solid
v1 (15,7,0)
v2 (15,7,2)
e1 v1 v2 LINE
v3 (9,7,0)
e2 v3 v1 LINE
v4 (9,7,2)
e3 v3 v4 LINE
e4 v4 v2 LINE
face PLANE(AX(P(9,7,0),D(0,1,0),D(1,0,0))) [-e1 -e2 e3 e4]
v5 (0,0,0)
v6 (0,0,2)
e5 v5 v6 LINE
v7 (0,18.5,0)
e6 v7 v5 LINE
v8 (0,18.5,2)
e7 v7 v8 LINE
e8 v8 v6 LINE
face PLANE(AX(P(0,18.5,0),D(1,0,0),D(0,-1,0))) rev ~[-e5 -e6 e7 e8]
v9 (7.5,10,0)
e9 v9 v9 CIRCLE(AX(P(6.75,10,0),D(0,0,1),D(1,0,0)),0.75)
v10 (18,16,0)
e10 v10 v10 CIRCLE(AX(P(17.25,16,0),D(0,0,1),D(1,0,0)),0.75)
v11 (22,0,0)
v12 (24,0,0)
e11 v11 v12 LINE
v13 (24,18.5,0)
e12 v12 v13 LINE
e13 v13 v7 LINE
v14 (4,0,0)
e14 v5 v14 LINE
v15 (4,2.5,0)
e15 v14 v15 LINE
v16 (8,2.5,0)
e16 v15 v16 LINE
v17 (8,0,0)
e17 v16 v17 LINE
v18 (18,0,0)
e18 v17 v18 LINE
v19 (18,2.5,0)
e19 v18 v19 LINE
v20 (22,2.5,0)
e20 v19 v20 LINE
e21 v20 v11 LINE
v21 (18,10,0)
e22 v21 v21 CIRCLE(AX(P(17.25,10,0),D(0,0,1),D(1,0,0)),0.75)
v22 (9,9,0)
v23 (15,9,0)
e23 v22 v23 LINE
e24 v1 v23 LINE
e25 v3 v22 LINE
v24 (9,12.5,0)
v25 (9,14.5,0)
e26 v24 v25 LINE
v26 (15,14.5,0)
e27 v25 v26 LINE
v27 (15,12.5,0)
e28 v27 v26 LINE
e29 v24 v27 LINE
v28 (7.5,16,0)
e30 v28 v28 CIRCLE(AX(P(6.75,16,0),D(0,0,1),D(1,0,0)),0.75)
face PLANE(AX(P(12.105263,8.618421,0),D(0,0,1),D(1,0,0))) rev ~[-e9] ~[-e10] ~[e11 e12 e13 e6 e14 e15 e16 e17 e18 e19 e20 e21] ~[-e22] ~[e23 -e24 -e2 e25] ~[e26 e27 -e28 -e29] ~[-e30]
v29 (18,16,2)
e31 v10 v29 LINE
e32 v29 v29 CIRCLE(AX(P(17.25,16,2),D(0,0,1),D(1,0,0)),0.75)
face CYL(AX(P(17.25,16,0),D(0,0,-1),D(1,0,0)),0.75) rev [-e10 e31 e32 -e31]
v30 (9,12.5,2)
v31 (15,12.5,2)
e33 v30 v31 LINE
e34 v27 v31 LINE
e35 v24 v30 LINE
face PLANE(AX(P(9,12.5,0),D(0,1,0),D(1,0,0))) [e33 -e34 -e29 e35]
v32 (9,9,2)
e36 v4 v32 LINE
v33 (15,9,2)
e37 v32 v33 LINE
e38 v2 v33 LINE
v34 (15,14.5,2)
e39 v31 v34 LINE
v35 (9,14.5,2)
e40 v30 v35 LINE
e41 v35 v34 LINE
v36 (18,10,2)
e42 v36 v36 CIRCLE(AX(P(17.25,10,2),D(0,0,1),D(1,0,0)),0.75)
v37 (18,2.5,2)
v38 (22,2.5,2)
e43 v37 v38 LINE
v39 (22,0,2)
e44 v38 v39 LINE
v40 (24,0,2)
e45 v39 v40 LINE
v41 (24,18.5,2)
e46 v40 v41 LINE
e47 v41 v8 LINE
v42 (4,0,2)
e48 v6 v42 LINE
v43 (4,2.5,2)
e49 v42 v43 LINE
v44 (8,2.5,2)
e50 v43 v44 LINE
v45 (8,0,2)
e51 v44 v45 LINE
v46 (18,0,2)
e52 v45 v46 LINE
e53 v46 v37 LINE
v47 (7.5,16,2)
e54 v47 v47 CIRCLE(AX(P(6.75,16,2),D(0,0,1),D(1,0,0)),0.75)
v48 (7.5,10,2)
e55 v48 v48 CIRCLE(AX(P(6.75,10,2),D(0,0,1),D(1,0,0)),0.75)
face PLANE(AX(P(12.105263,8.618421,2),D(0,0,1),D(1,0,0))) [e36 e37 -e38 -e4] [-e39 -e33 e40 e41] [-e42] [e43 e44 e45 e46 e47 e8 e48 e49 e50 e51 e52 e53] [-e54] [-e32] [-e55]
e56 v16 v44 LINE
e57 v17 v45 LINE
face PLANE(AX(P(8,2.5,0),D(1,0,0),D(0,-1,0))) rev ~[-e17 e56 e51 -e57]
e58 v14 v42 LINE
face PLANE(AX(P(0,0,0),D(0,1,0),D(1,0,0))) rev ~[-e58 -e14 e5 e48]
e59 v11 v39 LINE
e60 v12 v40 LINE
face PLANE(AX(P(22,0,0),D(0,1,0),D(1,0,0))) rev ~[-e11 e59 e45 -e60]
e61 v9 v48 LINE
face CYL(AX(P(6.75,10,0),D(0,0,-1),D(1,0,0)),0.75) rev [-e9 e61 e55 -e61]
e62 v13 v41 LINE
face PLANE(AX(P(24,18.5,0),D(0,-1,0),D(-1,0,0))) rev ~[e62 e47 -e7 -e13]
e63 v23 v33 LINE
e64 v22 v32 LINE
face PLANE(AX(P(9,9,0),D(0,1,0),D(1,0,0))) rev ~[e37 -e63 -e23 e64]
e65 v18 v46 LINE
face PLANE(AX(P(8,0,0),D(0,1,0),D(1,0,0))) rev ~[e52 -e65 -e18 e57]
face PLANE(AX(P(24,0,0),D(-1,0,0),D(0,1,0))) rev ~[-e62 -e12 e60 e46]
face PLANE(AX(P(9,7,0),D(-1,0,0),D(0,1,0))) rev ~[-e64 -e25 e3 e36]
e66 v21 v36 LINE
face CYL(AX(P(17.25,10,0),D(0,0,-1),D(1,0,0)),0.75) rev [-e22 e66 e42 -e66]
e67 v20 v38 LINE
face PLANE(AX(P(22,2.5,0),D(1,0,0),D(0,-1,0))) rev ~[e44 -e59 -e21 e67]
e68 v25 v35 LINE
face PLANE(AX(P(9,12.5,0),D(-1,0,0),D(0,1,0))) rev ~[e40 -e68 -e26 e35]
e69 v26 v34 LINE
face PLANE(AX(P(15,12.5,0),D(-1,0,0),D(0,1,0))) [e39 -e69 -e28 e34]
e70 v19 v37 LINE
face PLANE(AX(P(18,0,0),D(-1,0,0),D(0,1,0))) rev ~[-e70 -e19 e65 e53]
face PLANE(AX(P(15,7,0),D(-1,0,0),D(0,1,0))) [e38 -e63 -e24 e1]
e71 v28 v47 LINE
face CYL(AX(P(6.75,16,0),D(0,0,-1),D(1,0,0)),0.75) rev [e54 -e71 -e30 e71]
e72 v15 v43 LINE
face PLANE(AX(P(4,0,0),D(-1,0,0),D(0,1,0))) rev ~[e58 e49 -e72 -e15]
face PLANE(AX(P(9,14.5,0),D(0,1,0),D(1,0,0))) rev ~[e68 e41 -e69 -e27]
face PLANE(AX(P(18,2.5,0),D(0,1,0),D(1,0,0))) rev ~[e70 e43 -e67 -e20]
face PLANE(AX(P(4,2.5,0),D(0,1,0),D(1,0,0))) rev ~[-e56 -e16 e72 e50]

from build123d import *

# Parameters (mm, degrees)
SKETCH1_R           = 0.75
SKETCH1_W           = 6
SKETCH1_H           = 2
BOSS_EXTRUDE1_DEPTH = 2


with BuildPart() as part:
    # Sketch1 → Boss-Extrude1 (new body)
    with BuildSketch(Plane.XY):
        Polygon((4, 2.5), (8, 2.5), (8, 0), (18, 0), (18, 2.5), (22, 2.5), (22, 0), (24, 0), (24, 18.5), (0, 18.5), (0, 0), (4, 0), align=None)
        with Locations((6.75, 16)):
            Circle(SKETCH1_R, mode=Mode.SUBTRACT)
        with Locations((17.25, 16)):
            Circle(SKETCH1_R, mode=Mode.SUBTRACT)
        with Locations((17.25, 10)):
            Circle(SKETCH1_R, mode=Mode.SUBTRACT)
        with Locations((6.75, 10)):
            Circle(SKETCH1_R, mode=Mode.SUBTRACT)
        with Locations((12, 13.5)):
            Rectangle(SKETCH1_W, SKETCH1_H, mode=Mode.SUBTRACT)
        with Locations((12, 8)):
            Rectangle(SKETCH1_W, SKETCH1_H, mode=Mode.SUBTRACT)
    extrude(amount=BOSS_EXTRUDE1_DEPTH)


solid = part.part
